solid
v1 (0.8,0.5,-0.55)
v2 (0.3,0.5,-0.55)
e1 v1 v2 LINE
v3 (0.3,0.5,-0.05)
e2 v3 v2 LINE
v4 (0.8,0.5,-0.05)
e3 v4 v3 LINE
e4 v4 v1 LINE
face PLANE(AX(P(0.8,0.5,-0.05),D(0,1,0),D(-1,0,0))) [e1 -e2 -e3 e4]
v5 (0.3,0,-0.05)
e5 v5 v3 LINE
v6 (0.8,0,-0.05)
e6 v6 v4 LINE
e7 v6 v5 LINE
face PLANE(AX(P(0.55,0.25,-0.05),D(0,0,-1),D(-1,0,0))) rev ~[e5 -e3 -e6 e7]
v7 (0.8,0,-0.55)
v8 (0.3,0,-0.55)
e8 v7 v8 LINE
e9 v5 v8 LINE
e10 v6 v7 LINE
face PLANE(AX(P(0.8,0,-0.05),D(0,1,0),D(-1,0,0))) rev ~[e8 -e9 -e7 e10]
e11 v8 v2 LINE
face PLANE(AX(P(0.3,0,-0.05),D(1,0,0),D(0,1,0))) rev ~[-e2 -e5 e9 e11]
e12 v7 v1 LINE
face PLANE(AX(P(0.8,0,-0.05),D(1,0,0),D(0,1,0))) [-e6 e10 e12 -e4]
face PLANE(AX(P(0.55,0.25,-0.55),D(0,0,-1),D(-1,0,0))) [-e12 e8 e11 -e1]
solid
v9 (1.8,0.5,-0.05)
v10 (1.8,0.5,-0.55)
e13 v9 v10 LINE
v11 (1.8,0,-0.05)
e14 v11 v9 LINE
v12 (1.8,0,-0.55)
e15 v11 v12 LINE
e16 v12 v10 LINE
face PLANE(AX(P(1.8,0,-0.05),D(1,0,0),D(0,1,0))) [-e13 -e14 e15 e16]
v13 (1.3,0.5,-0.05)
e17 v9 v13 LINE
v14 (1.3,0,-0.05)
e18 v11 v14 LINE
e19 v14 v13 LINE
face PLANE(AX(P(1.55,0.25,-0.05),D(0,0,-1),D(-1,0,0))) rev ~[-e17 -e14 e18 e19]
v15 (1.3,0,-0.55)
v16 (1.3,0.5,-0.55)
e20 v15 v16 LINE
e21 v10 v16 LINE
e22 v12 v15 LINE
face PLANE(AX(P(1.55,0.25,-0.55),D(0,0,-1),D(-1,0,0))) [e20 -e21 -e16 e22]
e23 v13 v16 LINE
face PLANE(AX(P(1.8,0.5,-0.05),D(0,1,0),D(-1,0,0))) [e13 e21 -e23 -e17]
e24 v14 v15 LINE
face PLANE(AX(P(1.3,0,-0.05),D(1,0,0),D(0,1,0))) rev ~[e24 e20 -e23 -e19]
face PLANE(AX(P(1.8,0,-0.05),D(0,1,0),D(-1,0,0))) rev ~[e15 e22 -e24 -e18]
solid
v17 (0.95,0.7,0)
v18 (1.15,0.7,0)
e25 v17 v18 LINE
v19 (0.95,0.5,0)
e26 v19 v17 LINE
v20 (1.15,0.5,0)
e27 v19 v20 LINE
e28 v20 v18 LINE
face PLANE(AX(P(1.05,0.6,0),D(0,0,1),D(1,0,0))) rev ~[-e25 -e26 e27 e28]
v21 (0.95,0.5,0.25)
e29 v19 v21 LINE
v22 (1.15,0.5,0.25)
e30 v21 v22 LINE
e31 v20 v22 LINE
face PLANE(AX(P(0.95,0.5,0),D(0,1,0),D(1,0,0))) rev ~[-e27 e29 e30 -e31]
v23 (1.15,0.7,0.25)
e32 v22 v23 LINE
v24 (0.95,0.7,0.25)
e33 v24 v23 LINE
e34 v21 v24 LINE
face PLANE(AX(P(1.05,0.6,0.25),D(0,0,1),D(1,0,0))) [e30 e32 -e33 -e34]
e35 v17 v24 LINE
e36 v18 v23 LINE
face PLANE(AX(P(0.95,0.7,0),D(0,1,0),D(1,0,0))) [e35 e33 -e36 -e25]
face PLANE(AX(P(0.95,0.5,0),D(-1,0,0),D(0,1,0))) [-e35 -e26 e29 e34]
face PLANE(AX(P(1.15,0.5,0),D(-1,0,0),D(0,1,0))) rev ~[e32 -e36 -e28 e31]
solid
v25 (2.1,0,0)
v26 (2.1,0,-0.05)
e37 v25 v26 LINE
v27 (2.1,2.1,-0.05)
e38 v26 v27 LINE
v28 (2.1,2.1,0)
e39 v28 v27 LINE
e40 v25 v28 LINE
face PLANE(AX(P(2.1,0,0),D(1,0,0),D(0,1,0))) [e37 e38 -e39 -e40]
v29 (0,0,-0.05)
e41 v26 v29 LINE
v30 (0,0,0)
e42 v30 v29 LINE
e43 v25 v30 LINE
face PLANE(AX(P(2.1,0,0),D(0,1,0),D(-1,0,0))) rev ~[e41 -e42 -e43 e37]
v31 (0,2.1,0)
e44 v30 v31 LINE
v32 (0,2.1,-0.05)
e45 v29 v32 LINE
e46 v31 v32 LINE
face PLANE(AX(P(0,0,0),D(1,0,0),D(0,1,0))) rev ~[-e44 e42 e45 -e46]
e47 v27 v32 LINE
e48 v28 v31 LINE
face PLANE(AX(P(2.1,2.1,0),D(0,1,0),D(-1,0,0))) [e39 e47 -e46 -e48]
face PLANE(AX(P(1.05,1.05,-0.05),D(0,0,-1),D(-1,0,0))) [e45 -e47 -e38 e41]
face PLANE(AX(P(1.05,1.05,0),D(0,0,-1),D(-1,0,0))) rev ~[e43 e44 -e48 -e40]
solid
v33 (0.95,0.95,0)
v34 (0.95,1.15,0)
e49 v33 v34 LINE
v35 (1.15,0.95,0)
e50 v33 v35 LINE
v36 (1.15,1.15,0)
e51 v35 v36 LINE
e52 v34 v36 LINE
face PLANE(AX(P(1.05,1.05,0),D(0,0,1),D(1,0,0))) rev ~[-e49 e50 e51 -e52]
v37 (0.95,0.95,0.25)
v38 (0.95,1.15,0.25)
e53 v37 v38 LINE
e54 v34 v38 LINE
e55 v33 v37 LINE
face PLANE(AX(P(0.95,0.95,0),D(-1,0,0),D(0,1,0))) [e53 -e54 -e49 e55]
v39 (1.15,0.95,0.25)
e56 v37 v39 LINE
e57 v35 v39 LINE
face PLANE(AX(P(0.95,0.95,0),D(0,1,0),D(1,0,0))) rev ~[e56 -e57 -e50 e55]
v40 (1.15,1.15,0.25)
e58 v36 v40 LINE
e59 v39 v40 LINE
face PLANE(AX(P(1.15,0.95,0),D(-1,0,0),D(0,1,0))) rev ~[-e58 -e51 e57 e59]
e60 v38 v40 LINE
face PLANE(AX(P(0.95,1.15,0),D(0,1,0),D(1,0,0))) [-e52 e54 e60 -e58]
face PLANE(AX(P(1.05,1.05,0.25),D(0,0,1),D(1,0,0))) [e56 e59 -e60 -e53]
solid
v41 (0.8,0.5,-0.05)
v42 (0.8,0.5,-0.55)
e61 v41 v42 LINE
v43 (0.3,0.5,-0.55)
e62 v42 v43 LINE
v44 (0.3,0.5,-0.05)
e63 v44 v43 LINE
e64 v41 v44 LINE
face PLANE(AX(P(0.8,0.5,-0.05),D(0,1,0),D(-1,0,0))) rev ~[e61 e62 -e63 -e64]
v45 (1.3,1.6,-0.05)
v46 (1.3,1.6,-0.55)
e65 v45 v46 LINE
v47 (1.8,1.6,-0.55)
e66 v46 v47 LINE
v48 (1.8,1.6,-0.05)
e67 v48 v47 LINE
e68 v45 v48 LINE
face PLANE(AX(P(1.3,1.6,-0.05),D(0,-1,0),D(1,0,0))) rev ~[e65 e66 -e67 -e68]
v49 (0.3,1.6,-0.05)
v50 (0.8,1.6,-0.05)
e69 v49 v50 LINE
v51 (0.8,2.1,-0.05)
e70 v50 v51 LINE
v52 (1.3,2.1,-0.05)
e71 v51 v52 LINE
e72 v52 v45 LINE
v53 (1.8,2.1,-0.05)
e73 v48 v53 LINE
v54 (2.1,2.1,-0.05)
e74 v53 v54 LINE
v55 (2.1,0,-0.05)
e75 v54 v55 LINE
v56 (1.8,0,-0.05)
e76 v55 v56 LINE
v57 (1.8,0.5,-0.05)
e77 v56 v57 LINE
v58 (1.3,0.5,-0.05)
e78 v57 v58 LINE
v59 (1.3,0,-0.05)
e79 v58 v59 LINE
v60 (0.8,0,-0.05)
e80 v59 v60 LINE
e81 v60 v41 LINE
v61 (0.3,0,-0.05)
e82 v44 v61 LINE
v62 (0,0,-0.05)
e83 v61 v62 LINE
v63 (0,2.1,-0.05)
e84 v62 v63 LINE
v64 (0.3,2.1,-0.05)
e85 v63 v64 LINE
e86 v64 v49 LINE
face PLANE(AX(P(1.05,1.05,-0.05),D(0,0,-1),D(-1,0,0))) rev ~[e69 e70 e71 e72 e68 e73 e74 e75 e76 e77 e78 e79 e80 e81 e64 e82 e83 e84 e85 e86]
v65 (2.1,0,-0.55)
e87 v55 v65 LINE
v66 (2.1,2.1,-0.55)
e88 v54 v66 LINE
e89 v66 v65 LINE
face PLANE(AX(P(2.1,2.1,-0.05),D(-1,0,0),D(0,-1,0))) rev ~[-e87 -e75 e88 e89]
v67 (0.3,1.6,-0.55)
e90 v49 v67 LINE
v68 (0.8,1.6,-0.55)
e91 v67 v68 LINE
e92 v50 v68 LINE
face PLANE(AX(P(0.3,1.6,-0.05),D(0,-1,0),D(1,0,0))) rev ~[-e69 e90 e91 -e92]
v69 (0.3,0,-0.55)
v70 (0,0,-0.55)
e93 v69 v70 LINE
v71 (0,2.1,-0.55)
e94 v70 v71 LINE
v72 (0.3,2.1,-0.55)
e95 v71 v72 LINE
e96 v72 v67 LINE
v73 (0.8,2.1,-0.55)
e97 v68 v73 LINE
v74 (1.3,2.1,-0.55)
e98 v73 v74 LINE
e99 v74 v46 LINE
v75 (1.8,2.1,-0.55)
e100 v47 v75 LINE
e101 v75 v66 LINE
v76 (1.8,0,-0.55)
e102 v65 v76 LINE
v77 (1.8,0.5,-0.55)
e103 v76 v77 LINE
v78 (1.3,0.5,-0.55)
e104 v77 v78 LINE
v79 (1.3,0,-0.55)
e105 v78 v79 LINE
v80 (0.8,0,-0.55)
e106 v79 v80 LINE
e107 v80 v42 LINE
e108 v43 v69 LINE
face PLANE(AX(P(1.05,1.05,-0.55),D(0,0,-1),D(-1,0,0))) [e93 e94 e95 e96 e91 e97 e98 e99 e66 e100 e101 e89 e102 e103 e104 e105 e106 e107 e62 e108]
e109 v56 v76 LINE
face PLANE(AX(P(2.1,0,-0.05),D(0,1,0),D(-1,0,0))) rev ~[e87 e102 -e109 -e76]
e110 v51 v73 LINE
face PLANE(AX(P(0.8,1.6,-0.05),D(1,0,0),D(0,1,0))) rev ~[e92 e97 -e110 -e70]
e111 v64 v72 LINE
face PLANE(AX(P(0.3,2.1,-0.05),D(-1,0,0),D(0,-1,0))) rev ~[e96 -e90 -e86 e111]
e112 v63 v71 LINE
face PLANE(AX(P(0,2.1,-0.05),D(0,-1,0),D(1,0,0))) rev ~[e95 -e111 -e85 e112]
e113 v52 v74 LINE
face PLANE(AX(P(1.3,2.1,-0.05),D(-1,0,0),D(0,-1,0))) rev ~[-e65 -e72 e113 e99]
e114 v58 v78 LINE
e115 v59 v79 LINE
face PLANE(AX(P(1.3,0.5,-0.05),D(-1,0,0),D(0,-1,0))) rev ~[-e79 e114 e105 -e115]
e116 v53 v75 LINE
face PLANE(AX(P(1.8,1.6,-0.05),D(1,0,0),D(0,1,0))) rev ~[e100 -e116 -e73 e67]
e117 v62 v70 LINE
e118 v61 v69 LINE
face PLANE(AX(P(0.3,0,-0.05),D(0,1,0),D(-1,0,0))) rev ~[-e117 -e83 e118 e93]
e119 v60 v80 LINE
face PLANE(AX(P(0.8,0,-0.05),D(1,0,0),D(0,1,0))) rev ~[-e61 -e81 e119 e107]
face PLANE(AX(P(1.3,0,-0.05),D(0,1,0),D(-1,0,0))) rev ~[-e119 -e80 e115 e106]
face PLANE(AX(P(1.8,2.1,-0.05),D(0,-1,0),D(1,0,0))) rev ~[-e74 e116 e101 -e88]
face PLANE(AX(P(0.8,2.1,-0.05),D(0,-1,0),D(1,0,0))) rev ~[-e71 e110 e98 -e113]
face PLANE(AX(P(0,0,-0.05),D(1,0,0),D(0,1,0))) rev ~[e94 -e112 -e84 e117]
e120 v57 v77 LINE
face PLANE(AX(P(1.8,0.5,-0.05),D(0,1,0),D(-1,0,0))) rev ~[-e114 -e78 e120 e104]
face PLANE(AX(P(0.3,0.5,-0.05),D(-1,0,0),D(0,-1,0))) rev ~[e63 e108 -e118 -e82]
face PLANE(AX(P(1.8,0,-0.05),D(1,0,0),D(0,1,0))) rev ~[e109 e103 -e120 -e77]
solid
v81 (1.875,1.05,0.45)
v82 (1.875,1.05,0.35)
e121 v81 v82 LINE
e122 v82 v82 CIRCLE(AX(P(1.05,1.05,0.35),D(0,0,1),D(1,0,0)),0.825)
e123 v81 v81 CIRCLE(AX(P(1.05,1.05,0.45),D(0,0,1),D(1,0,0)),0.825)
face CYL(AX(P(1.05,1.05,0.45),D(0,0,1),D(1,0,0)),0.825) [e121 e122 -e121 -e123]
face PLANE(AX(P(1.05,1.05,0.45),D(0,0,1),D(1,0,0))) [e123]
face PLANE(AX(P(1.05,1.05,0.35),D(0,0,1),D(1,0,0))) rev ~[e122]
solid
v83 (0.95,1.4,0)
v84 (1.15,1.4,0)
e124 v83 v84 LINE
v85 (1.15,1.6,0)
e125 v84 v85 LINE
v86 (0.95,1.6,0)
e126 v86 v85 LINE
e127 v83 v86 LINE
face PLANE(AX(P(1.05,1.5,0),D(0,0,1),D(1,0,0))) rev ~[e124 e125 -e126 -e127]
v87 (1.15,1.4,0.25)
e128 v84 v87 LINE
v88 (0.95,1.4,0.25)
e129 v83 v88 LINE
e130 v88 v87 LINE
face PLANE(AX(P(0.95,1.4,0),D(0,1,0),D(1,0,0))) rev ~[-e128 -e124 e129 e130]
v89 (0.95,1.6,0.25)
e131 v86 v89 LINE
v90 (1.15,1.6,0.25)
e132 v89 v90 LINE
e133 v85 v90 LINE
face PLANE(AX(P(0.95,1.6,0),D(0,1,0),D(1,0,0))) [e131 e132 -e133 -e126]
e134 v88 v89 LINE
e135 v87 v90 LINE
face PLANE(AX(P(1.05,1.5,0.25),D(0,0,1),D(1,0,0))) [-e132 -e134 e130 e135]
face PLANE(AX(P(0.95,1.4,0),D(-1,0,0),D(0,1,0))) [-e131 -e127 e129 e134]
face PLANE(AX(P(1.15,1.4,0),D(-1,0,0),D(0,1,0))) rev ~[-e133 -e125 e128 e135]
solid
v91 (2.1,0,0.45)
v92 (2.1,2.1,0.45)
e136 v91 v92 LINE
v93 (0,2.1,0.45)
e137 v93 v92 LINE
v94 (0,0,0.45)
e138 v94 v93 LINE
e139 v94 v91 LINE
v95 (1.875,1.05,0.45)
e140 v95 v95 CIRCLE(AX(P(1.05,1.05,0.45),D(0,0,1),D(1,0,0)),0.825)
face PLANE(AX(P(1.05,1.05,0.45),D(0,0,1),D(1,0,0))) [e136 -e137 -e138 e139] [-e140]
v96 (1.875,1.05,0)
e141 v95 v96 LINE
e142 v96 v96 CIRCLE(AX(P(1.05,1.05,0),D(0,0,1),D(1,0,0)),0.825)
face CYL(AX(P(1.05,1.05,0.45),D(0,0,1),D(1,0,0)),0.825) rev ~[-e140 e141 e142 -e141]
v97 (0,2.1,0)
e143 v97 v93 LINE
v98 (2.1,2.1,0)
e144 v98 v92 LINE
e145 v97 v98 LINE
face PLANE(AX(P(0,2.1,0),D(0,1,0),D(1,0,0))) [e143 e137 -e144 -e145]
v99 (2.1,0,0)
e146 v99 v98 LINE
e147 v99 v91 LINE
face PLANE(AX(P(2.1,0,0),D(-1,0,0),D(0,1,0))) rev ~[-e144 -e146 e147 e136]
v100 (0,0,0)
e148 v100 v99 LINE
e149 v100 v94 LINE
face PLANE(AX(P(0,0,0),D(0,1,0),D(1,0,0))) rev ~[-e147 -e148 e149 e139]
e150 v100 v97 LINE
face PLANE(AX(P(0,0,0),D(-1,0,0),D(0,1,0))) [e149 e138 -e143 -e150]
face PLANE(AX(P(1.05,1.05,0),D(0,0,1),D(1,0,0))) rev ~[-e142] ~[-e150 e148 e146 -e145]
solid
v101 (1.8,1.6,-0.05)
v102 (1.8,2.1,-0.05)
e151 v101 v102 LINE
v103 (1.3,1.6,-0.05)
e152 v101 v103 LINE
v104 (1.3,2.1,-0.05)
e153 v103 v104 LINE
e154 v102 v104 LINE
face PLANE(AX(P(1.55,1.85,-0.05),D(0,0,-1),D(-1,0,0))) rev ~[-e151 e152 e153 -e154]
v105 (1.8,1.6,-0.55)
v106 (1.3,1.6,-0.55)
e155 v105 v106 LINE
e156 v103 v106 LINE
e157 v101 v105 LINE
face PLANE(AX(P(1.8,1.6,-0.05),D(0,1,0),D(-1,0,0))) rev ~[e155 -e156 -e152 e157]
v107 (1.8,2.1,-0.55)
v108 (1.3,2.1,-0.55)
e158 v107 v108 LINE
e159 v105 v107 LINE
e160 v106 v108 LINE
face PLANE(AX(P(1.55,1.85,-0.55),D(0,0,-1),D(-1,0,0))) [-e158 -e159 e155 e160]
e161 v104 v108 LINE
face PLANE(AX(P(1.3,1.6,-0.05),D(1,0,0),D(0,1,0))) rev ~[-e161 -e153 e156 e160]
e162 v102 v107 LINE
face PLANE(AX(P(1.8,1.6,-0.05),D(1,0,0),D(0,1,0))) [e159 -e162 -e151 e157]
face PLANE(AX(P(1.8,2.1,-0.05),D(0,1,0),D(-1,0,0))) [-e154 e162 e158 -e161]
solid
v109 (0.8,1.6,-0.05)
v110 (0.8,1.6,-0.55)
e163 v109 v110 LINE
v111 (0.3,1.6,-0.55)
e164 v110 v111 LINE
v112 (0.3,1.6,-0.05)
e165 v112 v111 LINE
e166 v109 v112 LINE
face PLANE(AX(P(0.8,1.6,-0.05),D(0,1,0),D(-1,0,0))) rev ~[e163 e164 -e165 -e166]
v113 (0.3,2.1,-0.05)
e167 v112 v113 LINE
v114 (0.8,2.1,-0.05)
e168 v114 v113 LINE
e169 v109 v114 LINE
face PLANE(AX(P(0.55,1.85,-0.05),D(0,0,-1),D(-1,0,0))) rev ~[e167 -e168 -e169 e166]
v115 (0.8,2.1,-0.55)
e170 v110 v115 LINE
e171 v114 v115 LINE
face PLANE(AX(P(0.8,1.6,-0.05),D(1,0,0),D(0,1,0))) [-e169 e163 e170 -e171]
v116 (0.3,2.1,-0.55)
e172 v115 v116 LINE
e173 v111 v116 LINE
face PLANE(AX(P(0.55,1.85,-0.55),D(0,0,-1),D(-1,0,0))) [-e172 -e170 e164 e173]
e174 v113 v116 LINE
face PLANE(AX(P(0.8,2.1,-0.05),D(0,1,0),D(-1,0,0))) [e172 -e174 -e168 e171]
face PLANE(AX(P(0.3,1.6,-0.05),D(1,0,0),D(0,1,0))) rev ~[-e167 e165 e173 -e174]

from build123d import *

# Parameters (mm, degrees)
SKETCH1_W             = 2.1
SKETCH1_H             = 2.1
BOSS_EXTRUDE1_DEPTH   = 0.45
SKETCH2_W             = 2.1
SKETCH2_H             = 2.1
BOSS_EXTRUDE2_DEPTH   = 0.05
SKETCH3_W             = 0.5
SKETCH3_H             = 0.5
BOSS_EXTRUDE3_DEPTH   = 0.5
BOSS_EXTRUDE3_2_DEPTH = 0.5
BOSS_EXTRUDE3_3_DEPTH = 0.5
BOSS_EXTRUDE3_4_DEPTH = 0.5
BOSS_EXTRUDE5_DEPTH   = 0.5
SKETCH5_R             = 0.825
CUT_EXTRUDE1_DEPTH    = 0.45
SKETCH6_W             = 0.2
SKETCH6_H             = 0.2
BOSS_EXTRUDE6_DEPTH   = 0.25
BOSS_EXTRUDE6_2_DEPTH = 0.25
BOSS_EXTRUDE6_3_DEPTH = 0.25
SKETCH7_R             = 0.825
BOSS_EXTRUDE7_DEPTH   = 0.1


with BuildPart() as part:
    # Sketch1 → Boss-Extrude1 (new body)
    with BuildSketch(Plane.XY):
        with Locations((1.05, 1.05)):
            Rectangle(SKETCH1_W, SKETCH1_H)
    extrude(amount=BOSS_EXTRUDE1_DEPTH)

    # Sketch5 → Cut-Extrude1 (cut)
    with BuildSketch(Plane.XY.offset(0.45)):
        with Locations((1.05, 1.05)):
            Circle(SKETCH5_R)
    extrude(amount=-CUT_EXTRUDE1_DEPTH, mode=Mode.SUBTRACT)


with BuildPart() as body_2:
    # Sketch2 → Boss-Extrude2 (new body)
    with BuildSketch(Plane(origin=(0, 0, 0), x_dir=(-1, 0, 0), z_dir=(0, 0, -1))):
        with Locations((-1.05, 1.05)):
            Rectangle(SKETCH2_W, SKETCH2_H)
    extrude(amount=BOSS_EXTRUDE2_DEPTH)


with BuildPart() as body_3:
    # Sketch3 → Boss-Extrude3 (new body)
    with BuildSketch(Plane(origin=(0, 0, -0.05), x_dir=(-1, 0, 0), z_dir=(0, 0, -1))):
        with Locations((-0.55, 1.85)):
            Rectangle(SKETCH3_W, SKETCH3_H)
    extrude(amount=BOSS_EXTRUDE3_DEPTH)


with BuildPart() as body_4:
    # Sketch3 → Boss-Extrude3 2 (new body)
    with BuildSketch(Plane(origin=(0, 0, -0.05), x_dir=(-1, 0, 0), z_dir=(0, 0, -1))):
        with Locations((-1.55, 1.85)):
            Rectangle(SKETCH3_W, SKETCH3_H)
    extrude(amount=BOSS_EXTRUDE3_2_DEPTH)


with BuildPart() as body_5:
    # Sketch3 → Boss-Extrude3 3 (new body)
    with BuildSketch(Plane(origin=(0, 0, -0.05), x_dir=(-1, 0, 0), z_dir=(0, 0, -1))):
        with Locations((-1.55, 0.25)):
            Rectangle(SKETCH3_W, SKETCH3_H)
    extrude(amount=BOSS_EXTRUDE3_3_DEPTH)


with BuildPart() as body_6:
    # Sketch3 → Boss-Extrude3 4 (new body)
    with BuildSketch(Plane(origin=(0, 0, -0.05), x_dir=(-1, 0, 0), z_dir=(0, 0, -1))):
        with Locations((-0.55, 0.25)):
            Rectangle(SKETCH3_W, SKETCH3_H)
    extrude(amount=BOSS_EXTRUDE3_4_DEPTH)


with BuildPart() as body_7:
    # Sketch4 → Boss-Extrude5 (new body)
    with BuildSketch(Plane(origin=(0, 0, -0.05), x_dir=(-1, 0, 0), z_dir=(0, 0, -1))):
        Polygon((-2.1, 2.1), (-2.1, 0), (-1.8, 0), (-1.8, 0.5), (-1.3, 0.5), (-1.3, 0), (-0.8, 0), (-0.8, 0.5), (-0.3, 0.5), (-0.3, 0), (0, 0), (0, 2.1), (-0.3, 2.1), (-0.3, 1.6), (-0.8, 1.6), (-0.8, 2.1), (-1.3, 2.1), (-1.3, 1.6), (-1.8, 1.6), (-1.8, 2.1), align=None)
    extrude(amount=BOSS_EXTRUDE5_DEPTH)


with BuildPart() as body_8:
    # Sketch6 → Boss-Extrude6 (new body)
    with BuildSketch(Plane.XY):
        with Locations((1.05, 1.5)):
            Rectangle(SKETCH6_W, SKETCH6_H)
    extrude(amount=BOSS_EXTRUDE6_DEPTH)


with BuildPart() as body_9:
    # Sketch6 → Boss-Extrude6 2 (new body)
    with BuildSketch(Plane.XY):
        with Locations((1.05, 1.05)):
            Rectangle(SKETCH6_W, SKETCH6_H)
    extrude(amount=BOSS_EXTRUDE6_2_DEPTH)


with BuildPart() as body_10:
    # Sketch6 → Boss-Extrude6 3 (new body)
    with BuildSketch(Plane.XY):
        with Locations((1.05, 0.6)):
            Rectangle(SKETCH6_W, SKETCH6_H)
    extrude(amount=BOSS_EXTRUDE6_3_DEPTH)


with BuildPart() as body_11:
    # Sketch7 → Boss-Extrude7 (new body)
    with BuildSketch(Plane.XY.offset(0.45)):
        with Locations((1.05, 1.05)):
            Circle(SKETCH7_R)
    extrude(amount=-BOSS_EXTRUDE7_DEPTH)


solid = Compound([part.part, body_2.part, body_3.part, body_4.part, body_5.part, body_6.part, body_7.part, body_8.part, body_9.part, body_10.part, body_11.part])
